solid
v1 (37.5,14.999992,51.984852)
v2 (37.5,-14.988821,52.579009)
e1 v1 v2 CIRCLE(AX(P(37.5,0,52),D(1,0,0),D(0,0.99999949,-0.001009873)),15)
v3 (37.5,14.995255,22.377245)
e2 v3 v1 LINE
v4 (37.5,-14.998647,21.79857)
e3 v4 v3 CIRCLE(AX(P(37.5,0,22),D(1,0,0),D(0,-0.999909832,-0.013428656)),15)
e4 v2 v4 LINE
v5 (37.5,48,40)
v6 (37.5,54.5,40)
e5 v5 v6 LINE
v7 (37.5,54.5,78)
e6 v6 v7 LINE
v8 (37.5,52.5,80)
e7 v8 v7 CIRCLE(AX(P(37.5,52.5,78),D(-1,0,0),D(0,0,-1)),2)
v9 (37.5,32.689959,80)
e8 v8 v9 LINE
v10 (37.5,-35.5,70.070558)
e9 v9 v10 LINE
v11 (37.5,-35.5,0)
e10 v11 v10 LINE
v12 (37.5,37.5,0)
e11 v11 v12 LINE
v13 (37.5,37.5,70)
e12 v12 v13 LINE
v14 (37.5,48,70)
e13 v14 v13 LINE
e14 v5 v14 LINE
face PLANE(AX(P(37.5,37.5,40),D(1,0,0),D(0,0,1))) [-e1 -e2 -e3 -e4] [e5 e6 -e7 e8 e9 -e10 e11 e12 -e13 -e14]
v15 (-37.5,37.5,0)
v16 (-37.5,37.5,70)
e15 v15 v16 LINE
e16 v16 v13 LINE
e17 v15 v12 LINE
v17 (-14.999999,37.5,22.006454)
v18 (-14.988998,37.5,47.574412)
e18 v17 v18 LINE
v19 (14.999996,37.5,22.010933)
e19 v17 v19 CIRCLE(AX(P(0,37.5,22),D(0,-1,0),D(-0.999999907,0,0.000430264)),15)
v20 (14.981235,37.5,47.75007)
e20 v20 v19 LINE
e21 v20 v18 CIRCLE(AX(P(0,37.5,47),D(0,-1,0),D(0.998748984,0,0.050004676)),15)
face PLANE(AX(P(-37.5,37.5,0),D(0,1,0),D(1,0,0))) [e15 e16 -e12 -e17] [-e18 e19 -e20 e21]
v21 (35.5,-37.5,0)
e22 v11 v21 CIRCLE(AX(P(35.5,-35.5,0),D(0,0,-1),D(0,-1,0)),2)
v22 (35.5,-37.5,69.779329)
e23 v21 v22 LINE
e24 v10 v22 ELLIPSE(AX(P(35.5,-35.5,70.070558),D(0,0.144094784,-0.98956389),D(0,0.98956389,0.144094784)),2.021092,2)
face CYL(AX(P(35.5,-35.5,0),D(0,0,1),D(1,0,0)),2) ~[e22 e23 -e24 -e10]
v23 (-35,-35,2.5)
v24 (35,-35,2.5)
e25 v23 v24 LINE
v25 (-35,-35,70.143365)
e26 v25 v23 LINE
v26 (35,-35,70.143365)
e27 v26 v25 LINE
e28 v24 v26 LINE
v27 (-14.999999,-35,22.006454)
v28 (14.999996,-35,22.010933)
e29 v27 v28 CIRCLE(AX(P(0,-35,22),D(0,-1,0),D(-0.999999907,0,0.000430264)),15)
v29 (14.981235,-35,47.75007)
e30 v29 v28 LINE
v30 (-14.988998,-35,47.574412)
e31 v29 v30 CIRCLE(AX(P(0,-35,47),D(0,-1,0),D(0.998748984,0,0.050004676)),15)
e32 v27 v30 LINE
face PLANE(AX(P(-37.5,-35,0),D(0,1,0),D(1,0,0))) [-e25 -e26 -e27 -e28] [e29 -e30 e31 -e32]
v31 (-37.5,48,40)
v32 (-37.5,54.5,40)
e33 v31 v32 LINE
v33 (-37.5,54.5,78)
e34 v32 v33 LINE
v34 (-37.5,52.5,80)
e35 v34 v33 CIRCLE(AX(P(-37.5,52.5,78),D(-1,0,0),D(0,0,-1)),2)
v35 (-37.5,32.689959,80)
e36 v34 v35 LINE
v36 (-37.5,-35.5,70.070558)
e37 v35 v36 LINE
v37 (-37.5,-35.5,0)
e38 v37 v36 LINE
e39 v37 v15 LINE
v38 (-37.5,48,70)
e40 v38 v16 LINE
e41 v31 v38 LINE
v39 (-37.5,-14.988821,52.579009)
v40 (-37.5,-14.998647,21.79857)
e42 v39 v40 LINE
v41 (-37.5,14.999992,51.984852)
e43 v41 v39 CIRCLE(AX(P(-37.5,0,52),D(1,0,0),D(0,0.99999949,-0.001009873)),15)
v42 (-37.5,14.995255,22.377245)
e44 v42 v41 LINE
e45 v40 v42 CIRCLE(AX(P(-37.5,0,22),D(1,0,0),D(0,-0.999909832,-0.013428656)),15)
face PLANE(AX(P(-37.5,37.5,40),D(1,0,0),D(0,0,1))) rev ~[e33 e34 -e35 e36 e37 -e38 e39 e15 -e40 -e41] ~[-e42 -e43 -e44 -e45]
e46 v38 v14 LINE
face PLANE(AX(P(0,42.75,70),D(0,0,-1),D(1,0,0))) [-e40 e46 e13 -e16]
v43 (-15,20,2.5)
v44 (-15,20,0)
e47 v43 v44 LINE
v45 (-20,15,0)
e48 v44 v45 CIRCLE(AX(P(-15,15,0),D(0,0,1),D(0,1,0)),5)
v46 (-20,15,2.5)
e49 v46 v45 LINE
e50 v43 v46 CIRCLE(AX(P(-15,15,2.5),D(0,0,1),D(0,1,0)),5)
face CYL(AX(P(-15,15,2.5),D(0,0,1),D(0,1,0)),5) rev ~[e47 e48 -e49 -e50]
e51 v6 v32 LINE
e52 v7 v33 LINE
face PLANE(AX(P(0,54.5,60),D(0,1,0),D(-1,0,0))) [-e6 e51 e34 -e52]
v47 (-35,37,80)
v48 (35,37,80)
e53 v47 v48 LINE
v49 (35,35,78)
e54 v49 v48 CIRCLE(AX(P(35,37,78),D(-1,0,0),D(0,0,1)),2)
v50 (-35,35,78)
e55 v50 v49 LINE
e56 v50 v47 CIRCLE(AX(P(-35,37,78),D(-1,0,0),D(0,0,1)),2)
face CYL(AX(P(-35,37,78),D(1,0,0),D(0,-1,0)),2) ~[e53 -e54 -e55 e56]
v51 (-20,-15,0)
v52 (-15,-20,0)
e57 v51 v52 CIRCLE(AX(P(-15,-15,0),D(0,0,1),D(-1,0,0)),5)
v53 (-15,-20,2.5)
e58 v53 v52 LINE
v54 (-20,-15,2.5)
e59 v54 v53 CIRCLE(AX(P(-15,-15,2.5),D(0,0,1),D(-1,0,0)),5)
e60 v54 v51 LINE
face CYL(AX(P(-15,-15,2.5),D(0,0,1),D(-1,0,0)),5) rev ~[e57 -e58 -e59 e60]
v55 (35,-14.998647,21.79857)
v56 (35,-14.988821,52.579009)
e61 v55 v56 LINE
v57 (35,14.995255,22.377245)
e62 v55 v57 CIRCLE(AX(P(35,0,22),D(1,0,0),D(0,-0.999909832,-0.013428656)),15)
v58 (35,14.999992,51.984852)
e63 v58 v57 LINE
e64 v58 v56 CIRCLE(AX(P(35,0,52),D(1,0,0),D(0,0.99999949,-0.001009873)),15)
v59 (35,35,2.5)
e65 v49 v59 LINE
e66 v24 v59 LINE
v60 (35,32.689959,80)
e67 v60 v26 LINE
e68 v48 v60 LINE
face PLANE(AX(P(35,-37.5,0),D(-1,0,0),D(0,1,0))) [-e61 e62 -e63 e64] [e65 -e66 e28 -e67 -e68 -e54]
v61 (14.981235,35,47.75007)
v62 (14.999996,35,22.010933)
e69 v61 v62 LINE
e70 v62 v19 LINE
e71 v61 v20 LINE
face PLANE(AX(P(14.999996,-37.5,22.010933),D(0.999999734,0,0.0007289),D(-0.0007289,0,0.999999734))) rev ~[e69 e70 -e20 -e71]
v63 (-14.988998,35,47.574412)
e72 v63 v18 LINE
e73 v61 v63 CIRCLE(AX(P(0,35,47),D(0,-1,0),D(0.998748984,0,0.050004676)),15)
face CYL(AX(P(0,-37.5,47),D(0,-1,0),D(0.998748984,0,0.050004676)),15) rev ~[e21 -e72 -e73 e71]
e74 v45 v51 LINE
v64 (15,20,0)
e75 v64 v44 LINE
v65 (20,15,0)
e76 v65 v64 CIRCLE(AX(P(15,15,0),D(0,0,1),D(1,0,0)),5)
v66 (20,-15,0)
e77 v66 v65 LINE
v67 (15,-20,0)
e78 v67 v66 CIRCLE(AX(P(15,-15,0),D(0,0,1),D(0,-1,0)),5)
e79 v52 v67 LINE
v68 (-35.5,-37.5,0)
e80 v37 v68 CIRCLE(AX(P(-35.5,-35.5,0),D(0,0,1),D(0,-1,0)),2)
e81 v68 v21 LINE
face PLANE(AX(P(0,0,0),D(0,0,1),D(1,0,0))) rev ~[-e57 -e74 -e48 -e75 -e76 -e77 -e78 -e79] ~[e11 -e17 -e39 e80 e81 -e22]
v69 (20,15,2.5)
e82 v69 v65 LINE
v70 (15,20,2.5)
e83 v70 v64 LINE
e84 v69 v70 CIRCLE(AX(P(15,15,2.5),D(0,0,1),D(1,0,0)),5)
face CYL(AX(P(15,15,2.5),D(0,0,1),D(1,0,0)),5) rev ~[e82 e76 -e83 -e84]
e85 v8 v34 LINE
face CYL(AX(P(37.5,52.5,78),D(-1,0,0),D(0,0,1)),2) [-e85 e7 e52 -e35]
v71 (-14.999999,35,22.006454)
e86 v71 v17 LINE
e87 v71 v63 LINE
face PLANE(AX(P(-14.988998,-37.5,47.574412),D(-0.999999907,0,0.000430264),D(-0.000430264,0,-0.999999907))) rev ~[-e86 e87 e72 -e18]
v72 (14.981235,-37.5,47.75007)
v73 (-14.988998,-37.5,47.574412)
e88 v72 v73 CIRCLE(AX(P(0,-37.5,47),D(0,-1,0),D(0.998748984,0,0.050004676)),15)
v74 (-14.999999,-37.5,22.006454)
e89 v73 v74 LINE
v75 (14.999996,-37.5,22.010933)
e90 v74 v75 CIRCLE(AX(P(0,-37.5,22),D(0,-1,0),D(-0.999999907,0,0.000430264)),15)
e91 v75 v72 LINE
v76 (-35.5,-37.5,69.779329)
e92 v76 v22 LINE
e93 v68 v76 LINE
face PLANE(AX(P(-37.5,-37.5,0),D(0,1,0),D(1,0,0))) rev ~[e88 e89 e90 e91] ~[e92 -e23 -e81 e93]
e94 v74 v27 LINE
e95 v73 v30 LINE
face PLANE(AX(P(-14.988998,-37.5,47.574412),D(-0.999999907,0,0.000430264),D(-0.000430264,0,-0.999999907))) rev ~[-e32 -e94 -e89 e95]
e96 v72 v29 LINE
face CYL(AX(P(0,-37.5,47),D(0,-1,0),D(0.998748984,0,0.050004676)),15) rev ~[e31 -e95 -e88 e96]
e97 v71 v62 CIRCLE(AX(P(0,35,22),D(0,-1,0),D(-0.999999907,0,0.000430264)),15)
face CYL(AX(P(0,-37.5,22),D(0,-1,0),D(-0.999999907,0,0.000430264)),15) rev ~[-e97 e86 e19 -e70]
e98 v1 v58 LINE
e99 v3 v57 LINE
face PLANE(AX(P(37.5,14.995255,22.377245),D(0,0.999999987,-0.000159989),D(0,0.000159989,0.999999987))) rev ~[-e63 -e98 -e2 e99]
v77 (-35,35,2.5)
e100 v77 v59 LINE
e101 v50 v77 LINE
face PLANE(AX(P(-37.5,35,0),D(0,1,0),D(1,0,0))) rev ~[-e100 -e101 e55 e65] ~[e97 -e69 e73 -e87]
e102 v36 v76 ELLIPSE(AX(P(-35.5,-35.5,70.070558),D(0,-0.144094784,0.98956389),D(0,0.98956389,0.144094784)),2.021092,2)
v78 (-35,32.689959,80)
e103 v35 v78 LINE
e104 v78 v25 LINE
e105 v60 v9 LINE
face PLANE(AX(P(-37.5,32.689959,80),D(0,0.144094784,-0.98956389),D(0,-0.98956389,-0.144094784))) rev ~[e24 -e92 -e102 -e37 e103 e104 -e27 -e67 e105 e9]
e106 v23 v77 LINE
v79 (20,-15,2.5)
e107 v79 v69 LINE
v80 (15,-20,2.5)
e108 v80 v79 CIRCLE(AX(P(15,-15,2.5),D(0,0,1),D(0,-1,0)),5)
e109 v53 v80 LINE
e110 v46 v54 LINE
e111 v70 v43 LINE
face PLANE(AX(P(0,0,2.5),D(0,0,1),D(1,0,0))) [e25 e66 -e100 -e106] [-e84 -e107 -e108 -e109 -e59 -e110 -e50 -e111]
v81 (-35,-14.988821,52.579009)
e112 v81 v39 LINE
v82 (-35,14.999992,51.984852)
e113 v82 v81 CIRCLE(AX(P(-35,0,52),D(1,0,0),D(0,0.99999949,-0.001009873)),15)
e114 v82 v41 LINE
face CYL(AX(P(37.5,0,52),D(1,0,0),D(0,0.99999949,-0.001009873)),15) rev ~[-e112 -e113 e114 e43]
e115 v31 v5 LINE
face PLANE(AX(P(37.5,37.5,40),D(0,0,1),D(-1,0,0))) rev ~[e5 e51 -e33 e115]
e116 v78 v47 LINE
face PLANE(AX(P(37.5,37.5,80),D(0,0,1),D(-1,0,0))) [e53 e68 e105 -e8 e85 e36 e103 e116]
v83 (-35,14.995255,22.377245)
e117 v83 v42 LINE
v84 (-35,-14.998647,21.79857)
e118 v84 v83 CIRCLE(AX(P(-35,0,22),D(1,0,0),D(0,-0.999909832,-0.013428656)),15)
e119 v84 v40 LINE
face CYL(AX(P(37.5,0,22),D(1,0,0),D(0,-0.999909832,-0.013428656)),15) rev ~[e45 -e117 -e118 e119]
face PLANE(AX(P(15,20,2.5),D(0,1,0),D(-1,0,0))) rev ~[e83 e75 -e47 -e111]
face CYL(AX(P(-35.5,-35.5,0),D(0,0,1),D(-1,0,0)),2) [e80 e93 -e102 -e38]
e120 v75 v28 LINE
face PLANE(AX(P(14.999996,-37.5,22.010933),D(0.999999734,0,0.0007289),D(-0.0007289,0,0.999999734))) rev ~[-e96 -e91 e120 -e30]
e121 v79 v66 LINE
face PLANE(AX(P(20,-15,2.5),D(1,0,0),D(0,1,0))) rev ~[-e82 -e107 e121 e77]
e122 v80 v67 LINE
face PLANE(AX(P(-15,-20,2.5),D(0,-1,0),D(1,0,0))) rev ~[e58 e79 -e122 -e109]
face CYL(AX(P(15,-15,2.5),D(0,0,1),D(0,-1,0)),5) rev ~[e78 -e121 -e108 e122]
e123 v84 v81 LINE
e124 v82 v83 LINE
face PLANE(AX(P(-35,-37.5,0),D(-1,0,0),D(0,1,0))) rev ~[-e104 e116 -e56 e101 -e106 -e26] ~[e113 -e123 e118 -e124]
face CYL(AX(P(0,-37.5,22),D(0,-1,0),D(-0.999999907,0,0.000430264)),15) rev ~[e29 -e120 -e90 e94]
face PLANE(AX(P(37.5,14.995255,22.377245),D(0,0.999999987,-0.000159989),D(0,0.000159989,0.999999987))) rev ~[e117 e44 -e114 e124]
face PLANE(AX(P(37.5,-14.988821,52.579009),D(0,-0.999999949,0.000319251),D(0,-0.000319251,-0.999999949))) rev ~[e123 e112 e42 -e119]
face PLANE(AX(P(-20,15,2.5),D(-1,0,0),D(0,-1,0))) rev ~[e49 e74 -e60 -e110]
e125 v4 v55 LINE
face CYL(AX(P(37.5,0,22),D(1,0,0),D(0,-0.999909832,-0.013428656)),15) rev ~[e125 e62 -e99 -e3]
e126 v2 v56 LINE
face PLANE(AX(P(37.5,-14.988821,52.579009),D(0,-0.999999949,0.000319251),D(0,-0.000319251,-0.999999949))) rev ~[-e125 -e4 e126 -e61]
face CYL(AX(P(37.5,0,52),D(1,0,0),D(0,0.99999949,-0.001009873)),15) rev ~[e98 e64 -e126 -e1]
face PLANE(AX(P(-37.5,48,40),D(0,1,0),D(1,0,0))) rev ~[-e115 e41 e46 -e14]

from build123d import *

# Parameters (mm, degrees)
F0_W      = 75
F0_H      = 75
F0_W_2    = 70
F0_H_2    = 70
F1_DEPTH  = 80
F2_T      = -2.5
F4_DEPTH  = 75.001
F5_W      = 75
F5_H      = 40
F6_DEPTH  = 17
F7_W      = 75
F7_H      = 10.5
F8_DEPTH  = 30
F9_R      = 2
F11_DEPTH = 75.001
F13_DEPTH = 80.6
F15_DEPTH = 2.501


with BuildPart() as f1:
    # F0 (on Top) → F1 (new body)
    with BuildSketch(Plane.XY):
        Rectangle(F0_W, F0_H)
        Rectangle(F0_W_2, F0_H_2, mode=Mode.SUBTRACT)
        Rectangle(F0_W_2, F0_H_2)
    extrude(amount=F1_DEPTH)

    # F2
    f2_openings = [f1.faces().sort_by_distance(p)[0] for p in [
        (0, 0, 80),
    ]]
    offset(amount=F2_T, openings=f2_openings)

    # F3 (on face) → F4 (cut, through all)
    with BuildSketch(Plane(origin=(-37.5, 0, 0), x_dir=(0, -1, 0), z_dir=(-1, 0, 0))):
        Polygon((37.5, 80), (-32.6899588108, 80), (37.5, 69.7793290019), align=None)
    extrude(amount=-F4_DEPTH, mode=Mode.SUBTRACT)

    # F5 (on face) → F6 (join)
    with BuildSketch(Plane(origin=(0, 37.5, 0), x_dir=(-1, 0, 0), z_dir=(0, 1, 0))):
        with Locations((0, 60)):
            Rectangle(F5_W, F5_H)
    extrude(amount=F6_DEPTH)

    # F7 (on face) → F8 (cut)
    with BuildSketch(Plane(origin=(0, 0, 40), x_dir=(1, 0, 0), z_dir=(0, 0, -1))):
        with Locations((0, -42.75)):
            Rectangle(F7_W, F7_H)
    extrude(amount=-F8_DEPTH, mode=Mode.SUBTRACT)

    # F9
    f9_edges = [f1.edges().sort_by_distance(p)[0] for p in [
        (0, 54.5, 80),
        (-37.5, -37.5, 34.889665),
        (37.5, -37.5, 34.889665),
        (0, 35, 80),
    ]]
    fillet(f9_edges, radius=F9_R)

    # F10 (on face) → F11 (cut, through all)
    with BuildSketch(Plane.YZ.offset(37.5)):
        with BuildLine():
            Line((-14.9888207723, 52.579009374), (-14.998647473, 21.7985701573))
            ThreePointArc((-14.998647473, 21.7985701573), (0.2893425083, 7.0027908959), (14.9952554508, 22.3772452324))
            Line((14.9952554508, 22.3772452324), (14.9999923512, 51.9848519034))
            ThreePointArc((14.9999923512, 51.9848519034), (0.2971312437, 66.9970568121), (-14.9888207723, 52.579009374))
        make_face()
    extrude(amount=-F11_DEPTH, mode=Mode.SUBTRACT)

    # F12 (on face) → F13 (cut)
    with BuildSketch(Plane.XZ.offset(37.5)):
        with BuildLine():
            Line((-14.9889976507, 47.5744122453), (-14.9999986115, 22.0064539529))
            ThreePointArc((-14.9999986115, 22.0064539529), (0.0022397735, 7.0000001672), (14.9999960153, 22.0109334991))
            Line((14.9999960153, 22.0109334991), (14.9812347551, 47.7500701389))
            ThreePointArc((14.9812347551, 47.7500701389), (-0.0879146719, 61.9997423648), (-14.9889976507, 47.5744122453))
        make_face()
    extrude(amount=-F13_DEPTH, mode=Mode.SUBTRACT)

    # F14 (on face) → F15 (cut, through all)
    with BuildSketch(Plane.XY.offset(2.5)):
        with BuildLine():
            Line((15, 20), (-15, 20))
            ThreePointArc((-15, 20), (-18.5355339059, 18.5355339059), (-20, 15))
            Line((-20, 15), (-20, -15))
            ThreePointArc((-20, -15), (-18.5355339059, -18.5355339059), (-15, -20))
            Line((-15, -20), (15, -20))
            ThreePointArc((15, -20), (18.5355339059, -18.5355339059), (20, -15))
            Line((20, -15), (20, 15))
            ThreePointArc((20, 15), (18.5355339059, 18.5355339059), (15, 20))
        make_face()
    extrude(amount=-F15_DEPTH, mode=Mode.SUBTRACT)


solid = f1.part
